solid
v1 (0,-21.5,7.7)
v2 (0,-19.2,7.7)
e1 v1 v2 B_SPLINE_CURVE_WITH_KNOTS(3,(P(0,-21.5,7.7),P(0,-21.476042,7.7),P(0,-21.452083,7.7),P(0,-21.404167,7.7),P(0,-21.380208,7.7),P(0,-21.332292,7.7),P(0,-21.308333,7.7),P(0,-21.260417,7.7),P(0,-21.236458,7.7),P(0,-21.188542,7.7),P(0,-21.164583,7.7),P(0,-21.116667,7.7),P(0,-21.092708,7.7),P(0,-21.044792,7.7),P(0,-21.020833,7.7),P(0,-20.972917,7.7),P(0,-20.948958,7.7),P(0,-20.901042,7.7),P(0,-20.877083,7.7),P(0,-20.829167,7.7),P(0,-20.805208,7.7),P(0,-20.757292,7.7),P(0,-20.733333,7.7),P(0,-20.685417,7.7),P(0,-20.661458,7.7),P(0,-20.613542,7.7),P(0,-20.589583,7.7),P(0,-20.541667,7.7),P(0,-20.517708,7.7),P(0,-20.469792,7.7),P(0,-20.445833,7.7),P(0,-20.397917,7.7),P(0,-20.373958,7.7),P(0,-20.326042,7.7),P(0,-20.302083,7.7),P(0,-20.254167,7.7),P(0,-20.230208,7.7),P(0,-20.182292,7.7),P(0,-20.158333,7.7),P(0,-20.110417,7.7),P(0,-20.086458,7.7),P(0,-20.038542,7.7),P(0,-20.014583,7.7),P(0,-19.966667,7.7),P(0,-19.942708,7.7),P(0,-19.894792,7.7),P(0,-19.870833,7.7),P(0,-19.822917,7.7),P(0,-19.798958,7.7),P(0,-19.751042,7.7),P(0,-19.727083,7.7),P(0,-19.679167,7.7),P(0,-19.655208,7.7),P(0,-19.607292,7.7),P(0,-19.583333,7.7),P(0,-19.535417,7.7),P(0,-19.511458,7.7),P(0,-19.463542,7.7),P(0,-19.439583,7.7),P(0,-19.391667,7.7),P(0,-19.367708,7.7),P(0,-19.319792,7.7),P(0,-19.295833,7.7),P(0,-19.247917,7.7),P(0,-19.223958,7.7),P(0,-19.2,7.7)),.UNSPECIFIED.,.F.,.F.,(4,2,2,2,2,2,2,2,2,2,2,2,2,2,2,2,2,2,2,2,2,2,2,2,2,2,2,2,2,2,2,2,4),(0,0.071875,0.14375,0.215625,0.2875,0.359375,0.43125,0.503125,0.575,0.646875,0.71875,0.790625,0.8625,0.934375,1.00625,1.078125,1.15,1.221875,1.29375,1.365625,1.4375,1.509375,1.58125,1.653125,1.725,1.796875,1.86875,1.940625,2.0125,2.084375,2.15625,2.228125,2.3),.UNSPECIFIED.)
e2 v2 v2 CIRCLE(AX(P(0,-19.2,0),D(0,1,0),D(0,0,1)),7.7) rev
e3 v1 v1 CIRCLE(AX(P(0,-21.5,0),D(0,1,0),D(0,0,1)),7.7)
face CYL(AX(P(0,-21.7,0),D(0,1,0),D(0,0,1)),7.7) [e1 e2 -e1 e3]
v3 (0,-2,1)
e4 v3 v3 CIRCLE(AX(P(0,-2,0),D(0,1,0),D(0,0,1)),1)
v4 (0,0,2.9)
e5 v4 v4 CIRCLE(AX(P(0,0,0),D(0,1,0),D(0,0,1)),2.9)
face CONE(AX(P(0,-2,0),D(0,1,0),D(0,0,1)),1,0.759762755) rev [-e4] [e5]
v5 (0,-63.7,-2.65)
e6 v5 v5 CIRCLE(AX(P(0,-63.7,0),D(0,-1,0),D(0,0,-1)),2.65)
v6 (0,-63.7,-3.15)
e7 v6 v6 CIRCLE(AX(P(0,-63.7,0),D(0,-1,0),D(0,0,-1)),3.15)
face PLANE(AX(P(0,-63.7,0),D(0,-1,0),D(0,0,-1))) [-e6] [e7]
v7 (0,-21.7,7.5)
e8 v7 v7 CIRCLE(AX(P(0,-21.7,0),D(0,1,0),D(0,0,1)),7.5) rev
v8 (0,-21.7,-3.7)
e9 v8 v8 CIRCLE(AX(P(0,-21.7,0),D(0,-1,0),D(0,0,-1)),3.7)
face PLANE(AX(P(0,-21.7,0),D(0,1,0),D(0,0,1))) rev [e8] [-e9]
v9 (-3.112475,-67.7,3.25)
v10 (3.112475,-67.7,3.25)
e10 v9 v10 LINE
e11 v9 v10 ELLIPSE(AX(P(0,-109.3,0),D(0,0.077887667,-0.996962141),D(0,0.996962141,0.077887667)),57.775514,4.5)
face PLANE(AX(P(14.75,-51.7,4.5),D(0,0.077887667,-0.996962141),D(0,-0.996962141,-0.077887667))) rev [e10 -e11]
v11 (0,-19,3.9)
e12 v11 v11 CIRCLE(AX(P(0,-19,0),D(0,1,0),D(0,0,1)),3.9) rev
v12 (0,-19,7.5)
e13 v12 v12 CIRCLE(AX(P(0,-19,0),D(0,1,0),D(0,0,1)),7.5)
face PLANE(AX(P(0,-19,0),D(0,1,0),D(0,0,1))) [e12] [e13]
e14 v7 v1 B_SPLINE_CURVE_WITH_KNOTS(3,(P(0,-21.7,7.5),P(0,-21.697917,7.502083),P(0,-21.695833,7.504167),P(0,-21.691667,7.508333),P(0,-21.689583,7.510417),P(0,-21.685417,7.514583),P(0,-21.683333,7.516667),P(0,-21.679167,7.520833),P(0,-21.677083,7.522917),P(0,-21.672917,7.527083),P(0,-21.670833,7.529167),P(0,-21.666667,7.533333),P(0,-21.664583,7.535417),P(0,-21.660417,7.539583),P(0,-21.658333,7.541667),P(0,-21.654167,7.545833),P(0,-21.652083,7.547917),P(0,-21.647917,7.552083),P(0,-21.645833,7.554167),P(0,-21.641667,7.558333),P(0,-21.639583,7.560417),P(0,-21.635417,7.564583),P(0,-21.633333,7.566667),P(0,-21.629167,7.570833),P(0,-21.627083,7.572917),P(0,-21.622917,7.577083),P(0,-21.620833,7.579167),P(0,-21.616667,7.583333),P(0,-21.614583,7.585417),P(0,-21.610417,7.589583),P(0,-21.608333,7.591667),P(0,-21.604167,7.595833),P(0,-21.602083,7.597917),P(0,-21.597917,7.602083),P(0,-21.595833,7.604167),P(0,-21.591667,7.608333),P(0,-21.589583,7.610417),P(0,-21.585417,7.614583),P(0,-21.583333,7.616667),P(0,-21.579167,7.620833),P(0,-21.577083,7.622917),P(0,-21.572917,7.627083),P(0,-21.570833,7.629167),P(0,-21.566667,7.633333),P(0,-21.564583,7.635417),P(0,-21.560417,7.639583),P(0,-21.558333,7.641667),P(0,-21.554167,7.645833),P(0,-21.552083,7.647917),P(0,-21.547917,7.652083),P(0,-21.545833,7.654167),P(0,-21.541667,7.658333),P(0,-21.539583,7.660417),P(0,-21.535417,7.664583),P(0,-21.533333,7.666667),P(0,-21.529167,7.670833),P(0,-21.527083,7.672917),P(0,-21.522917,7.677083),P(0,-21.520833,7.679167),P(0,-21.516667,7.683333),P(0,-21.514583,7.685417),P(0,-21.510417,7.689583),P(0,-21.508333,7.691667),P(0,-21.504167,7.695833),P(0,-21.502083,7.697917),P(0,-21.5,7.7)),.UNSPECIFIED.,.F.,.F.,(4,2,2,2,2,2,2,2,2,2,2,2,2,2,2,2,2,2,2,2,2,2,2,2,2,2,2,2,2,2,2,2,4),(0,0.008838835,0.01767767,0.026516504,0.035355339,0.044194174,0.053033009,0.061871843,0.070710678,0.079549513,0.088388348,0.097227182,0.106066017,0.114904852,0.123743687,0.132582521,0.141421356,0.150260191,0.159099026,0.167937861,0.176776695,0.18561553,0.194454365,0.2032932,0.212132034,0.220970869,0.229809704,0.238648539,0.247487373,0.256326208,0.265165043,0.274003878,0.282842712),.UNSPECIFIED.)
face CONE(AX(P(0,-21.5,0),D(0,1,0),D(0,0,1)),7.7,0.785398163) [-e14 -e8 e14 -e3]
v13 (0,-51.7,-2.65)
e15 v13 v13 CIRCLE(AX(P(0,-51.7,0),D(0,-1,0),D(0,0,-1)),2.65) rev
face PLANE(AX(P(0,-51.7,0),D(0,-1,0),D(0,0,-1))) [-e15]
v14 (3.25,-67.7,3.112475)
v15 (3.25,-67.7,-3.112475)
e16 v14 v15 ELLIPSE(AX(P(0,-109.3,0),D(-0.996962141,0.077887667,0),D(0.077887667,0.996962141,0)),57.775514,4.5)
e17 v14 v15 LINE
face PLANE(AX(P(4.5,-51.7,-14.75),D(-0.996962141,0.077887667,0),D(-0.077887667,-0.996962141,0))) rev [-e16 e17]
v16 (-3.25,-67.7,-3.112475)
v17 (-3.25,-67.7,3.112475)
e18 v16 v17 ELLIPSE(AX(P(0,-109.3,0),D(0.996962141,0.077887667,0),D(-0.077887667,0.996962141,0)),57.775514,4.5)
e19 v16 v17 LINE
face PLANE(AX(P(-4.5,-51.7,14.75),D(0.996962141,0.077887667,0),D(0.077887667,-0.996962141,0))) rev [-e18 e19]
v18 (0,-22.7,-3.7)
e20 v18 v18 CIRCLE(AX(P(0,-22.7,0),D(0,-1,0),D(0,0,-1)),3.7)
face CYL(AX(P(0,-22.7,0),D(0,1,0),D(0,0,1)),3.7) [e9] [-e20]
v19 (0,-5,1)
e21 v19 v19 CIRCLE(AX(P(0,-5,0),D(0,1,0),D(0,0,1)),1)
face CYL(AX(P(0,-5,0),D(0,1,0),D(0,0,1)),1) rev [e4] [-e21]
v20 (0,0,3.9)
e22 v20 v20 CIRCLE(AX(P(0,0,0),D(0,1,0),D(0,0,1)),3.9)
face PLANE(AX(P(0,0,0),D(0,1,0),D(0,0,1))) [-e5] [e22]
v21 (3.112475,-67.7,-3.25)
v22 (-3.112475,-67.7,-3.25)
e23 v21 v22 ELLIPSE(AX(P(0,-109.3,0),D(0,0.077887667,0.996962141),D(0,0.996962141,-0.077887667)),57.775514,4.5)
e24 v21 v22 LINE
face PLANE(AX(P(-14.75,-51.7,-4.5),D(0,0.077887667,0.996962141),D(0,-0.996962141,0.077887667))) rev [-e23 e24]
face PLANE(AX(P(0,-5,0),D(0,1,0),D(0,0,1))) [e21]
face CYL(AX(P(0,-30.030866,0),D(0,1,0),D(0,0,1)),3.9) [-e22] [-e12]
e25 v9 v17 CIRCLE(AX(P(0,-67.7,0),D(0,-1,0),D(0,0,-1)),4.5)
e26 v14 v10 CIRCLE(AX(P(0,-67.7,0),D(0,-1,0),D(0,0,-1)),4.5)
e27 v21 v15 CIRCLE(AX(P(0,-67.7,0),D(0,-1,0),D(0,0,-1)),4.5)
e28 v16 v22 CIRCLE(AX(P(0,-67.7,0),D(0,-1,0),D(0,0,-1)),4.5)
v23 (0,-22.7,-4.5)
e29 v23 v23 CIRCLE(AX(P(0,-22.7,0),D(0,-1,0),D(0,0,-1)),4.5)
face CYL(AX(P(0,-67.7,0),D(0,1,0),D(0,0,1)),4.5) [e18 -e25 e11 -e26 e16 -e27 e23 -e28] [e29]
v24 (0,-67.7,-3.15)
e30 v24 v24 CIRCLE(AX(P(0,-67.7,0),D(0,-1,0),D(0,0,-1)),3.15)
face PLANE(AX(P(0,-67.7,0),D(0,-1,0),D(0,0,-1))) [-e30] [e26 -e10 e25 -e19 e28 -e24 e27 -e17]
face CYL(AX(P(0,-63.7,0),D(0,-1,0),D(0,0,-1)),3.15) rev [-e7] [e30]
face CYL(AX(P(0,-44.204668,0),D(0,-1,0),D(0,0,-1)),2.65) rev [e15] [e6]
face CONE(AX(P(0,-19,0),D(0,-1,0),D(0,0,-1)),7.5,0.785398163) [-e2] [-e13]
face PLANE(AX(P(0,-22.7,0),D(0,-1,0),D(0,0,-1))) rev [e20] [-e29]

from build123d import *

# Parameters (mm, degrees)
SKETCH_1_R               = 3.9
EXTRUDE_1_DEPTH          = 19
SKETCH_3_R               = 7.7
EXTRUDE_2_DEPTH          = 2.7
SKETCH_4_R               = 3.7
EXTRUDE_3_DEPTH          = 1
SKETCH_5_R               = 4.5
EXTRUDE_4_DEPTH          = 45
CUT_EXTRUDE_1_DEPTH      = 14.75
PATTERN_CIRCULAR_1_COUNT = 4
SKETCH_10_R              = 3.15
CUT_EXTRUDE_2_DEPTH      = 4
CUT_EXTRUDE_START        = -12
SKETCH_11_R              = 2.65
CUT_EXTRUDE_3_DEPTH      = 12
SKETCH_13_R              = 1
SKETCH_12_R              = 2.9
SKETCH_13_2_R            = 1
CUT_EXTRUDE_4_DEPTH      = 3
CHAMFER_1_SIZE           = 0.2


with BuildPart() as part:
    # Эскиз1 → Бобышка-Вытянуть1 (new body)
    with BuildSketch(Plane(origin=(0, 0, 0), x_dir=(1, 0, 0), z_dir=(0, 1, 0))):
        with Locations(Location((0, 0, 0), (0, 0, 270))):
            Circle(SKETCH_1_R)
    extrude(amount=-EXTRUDE_1_DEPTH)

    # Эскиз3 → Бобышка-Вытянуть2 (add)
    with BuildSketch(Plane(origin=(0, -19, 0), x_dir=(1, 0, 0), z_dir=(0, 1, 0))):
        with Locations(Location((0, 0, 0), (0, 0, 270))):
            Circle(SKETCH_3_R)
    extrude(amount=-EXTRUDE_2_DEPTH)

    # Эскиз4 → Бобышка-Вытянуть3 (add)
    with BuildSketch(Plane(origin=(0, -21.7, 0), x_dir=(-1, 0, 0), z_dir=(0, -1, 0))):
        with Locations(Location((0, 0, 0), (0, 0, 90))):
            Circle(SKETCH_4_R)
    extrude(amount=EXTRUDE_3_DEPTH)

    # Эскиз5 → Бобышка-Вытянуть4 (add)
    with BuildSketch(Plane.XZ.offset(22.7)):
        with Locations(Location((0, 0, 0), (0, 0, 90))):
            Circle(SKETCH_5_R)
    extrude(amount=EXTRUDE_4_DEPTH)

    # Эскиз9 → Вырез-Вытянуть1 (cut, symmetric)
    with BuildSketch(Plane.XY):
        Polygon((4.5, -51.7), (3.25, -67.7), (4.5, -67.7), align=None)
    cut_extrude_1 = extrude(amount=CUT_EXTRUDE_1_DEPTH, both=True, mode=Mode.SUBTRACT)

    # Круговой массив1: Вырез-Вытянуть1 ×4 about axis
    pattern_circular_1_axis = Axis((0, 0, 0), (0, 1, 0))
    for i in range(1, PATTERN_CIRCULAR_1_COUNT):
        add(cut_extrude_1.rotate(pattern_circular_1_axis, i * 360 / PATTERN_CIRCULAR_1_COUNT), mode=Mode.SUBTRACT)

    # Эскиз10 → Вырез-Вытянуть2 (cut)
    with BuildSketch(Plane.XZ.offset(67.7)):
        with Locations(Location((0, 0, 0), (0, 0, 270))):
            Circle(SKETCH_10_R)
    extrude(amount=-CUT_EXTRUDE_2_DEPTH, mode=Mode.SUBTRACT)

    # Эскиз11 → Вырез-Вытянуть3 (cut)
    with BuildSketch(Plane.XZ.offset(63.7).offset(CUT_EXTRUDE_START)):
        with Locations(Location((0, 0, 0), (0, 0, 270))):
            Circle(SKETCH_11_R)
    extrude(amount=CUT_EXTRUDE_3_DEPTH, mode=Mode.SUBTRACT)

    # Эскиз13 → Вырез-По сечениям1 section 0
    with BuildSketch(Plane(origin=(0, -2, 0), x_dir=(1, 0, 0), z_dir=(0, 1, 0))):
        Circle(SKETCH_13_R)
    # Эскиз12 → Вырез-По сечениям1 section 1
    with BuildSketch(Plane(origin=(0, 0, 0), x_dir=(1, 0, 0), z_dir=(0, 1, 0))):
        Circle(SKETCH_12_R)
    loft(mode=Mode.SUBTRACT)

    # Эскиз13<2> → Вырез-Вытянуть4 (cut)
    with BuildSketch(Plane(origin=(0, -2, 0), x_dir=(1, 0, 0), z_dir=(0, 1, 0))):
        with Locations(Location((0, 0, 0), (0, 0, 270))):
            Circle(SKETCH_13_2_R)
    extrude(amount=-CUT_EXTRUDE_4_DEPTH, mode=Mode.SUBTRACT)

    # Фаска1
    chamfer_1_edges = [part.edges().sort_by_distance(p)[0] for p in [
        (0, -21.7, -7.7),
        (0, -19, -7.7),
    ]]
    chamfer(chamfer_1_edges, length=CHAMFER_1_SIZE)


solid = part.part
